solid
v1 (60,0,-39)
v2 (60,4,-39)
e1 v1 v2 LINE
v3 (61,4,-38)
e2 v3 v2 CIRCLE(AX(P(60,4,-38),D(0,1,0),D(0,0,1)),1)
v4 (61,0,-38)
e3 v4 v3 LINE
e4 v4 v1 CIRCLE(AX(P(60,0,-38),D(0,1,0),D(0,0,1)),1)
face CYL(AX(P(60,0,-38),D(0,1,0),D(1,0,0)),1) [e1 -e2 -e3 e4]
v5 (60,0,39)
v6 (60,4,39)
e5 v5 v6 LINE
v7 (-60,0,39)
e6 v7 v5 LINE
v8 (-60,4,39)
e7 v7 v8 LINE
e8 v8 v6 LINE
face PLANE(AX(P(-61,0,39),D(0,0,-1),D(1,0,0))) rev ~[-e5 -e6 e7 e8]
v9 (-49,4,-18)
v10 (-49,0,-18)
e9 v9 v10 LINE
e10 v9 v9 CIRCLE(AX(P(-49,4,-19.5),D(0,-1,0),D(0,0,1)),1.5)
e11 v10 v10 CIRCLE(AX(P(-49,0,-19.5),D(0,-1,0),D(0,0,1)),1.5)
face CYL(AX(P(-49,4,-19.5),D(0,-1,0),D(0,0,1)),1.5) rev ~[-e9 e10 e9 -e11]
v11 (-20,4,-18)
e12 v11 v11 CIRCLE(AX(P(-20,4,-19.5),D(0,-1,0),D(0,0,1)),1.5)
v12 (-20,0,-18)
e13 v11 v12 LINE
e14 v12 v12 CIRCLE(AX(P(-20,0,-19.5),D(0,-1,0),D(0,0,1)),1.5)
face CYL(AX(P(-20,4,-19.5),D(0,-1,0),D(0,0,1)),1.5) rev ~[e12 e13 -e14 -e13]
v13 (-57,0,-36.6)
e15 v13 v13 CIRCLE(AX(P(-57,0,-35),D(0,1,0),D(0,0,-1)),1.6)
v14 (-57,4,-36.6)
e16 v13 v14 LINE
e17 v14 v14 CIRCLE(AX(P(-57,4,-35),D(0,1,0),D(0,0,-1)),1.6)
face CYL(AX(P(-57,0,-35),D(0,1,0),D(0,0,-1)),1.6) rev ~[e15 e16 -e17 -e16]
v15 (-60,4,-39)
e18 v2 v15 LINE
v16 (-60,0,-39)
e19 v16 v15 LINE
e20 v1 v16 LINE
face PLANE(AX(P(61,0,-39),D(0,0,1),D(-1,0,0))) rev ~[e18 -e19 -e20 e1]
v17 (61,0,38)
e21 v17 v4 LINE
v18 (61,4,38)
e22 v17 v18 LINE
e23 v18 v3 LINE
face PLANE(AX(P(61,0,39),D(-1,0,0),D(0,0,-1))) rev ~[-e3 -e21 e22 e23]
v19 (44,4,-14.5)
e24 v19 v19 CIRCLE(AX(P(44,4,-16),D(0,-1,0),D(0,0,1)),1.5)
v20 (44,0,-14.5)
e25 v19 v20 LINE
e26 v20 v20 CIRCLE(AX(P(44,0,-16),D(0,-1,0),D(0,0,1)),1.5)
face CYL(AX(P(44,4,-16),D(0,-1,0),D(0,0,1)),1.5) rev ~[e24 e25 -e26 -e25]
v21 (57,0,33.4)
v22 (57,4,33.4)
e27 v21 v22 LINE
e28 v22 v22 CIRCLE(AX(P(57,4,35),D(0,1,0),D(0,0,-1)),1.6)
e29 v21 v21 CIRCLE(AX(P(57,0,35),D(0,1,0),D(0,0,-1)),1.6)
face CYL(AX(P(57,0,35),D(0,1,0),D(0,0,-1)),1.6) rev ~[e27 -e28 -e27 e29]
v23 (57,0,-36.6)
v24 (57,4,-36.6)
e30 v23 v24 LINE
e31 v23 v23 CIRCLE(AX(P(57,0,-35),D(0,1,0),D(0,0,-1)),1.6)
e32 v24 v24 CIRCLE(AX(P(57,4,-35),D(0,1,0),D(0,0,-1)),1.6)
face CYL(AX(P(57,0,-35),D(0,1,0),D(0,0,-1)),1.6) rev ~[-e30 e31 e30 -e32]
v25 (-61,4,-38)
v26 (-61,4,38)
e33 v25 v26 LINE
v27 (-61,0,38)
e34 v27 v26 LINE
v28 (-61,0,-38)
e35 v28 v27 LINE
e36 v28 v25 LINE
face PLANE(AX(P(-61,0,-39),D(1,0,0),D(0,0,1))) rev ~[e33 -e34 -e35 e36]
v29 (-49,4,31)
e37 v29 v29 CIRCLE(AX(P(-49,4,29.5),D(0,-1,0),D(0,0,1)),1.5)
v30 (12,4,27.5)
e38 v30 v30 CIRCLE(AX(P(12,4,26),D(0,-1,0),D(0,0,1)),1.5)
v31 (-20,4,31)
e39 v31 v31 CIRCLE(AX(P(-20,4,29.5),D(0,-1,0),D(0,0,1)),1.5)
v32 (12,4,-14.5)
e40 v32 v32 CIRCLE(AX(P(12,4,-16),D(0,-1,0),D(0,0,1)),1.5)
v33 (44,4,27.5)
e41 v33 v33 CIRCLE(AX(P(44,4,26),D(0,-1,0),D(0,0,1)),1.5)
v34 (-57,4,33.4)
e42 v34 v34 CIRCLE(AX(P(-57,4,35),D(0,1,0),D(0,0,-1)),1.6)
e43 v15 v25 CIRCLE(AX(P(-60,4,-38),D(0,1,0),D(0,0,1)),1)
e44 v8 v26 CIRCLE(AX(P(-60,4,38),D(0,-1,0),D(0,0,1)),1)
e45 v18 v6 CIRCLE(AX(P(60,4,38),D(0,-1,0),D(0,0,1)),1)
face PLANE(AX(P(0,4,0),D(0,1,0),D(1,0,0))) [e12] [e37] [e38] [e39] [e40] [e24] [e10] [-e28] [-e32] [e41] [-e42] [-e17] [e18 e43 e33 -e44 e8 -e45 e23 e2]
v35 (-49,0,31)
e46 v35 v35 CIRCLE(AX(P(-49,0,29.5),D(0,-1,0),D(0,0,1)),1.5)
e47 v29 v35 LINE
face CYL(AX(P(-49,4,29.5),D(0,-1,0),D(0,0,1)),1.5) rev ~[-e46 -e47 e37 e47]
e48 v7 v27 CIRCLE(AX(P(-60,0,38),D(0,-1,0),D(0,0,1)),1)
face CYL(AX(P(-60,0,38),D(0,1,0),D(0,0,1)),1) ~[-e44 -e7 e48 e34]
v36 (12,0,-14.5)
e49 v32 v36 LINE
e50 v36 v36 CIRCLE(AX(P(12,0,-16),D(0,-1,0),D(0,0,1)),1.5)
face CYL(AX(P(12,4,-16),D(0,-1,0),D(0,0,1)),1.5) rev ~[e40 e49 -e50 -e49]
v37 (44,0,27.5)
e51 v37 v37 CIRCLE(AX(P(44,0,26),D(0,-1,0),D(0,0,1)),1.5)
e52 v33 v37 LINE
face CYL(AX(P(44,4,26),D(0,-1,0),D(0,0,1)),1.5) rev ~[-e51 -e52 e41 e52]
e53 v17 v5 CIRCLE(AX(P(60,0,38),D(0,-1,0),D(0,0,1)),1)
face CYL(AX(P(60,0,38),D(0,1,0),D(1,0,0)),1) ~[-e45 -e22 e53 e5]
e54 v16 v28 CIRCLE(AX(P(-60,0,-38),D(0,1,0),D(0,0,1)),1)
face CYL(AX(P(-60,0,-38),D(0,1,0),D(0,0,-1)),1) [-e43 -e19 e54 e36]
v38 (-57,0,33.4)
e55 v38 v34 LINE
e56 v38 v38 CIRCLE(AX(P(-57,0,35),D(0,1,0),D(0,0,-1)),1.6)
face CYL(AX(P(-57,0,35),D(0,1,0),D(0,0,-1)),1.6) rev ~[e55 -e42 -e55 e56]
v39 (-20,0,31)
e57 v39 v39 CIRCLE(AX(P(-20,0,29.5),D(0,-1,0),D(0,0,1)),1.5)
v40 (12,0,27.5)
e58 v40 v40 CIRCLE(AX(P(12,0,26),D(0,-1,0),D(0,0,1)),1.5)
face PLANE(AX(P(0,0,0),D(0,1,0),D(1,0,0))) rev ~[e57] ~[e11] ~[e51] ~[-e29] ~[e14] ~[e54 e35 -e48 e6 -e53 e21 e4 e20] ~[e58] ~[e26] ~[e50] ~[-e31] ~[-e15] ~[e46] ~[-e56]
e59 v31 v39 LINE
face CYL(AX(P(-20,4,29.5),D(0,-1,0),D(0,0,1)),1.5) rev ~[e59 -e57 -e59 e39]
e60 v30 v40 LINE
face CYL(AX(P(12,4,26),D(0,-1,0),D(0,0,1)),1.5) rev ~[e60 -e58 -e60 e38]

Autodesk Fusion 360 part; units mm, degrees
sketch "スケッチ1" plane through (0, 0, 0) normal (0, 1, 0) x (1, 0, 0)
  line L0 (57, 35) -> (-57, 35)
  line L1 (-57, 35) -> (-57, -35)
  line L2 (-57, -35) -> (57, -35)
  line L3 (57, -35) -> (57, 35)
  line L4 (57, 35) -> (-57, -35) construction
  line L5 (-57, 35) -> (57, -35) construction
  line L6 (61, 39) -> (-61, 39)
  line L7 (-61, 39) -> (-61, -39)
  line L8 (-61, -39) -> (61, -39)
  line L9 (61, -39) -> (61, 39)
  line L10 (61, 39) -> (-61, -39) construction
  line L11 (-61, 39) -> (61, -39) construction
  dimension "d9" = 114
  dimension "d10" = 70
  dimension "d11" = 78
  dimension "d12" = 122
extrude "押し出し1" add sketch "スケッチ1" along normal blind 4 contours L0 L1 L2 L3 | L6 L7 L8 L9
hole "穴1" at (-57, 0, -35) at (-57, 0, 35) at (57, 0, 35) at (57, 0, -35) direction (0, 1, 0) diameter 3.2 end through all
sketch "スケッチ2" plane through (0, 4, 0) normal (0, 1, 0) x (-1, 0, 0)
  circle A0 centre (-57, 35) radius 1.6
  circle A1 centre (57, -35) radius 1.6
  circle A2 centre (57, 35) radius 1.6
  circle A3 centre (-57, -35) radius 1.6
  line L0 (-61, 39) -> (-61, -39)
  line L1 (-61, -39) -> (61, -39)
  line L2 (61, -39) -> (61, 39)
  line L3 (61, 39) -> (-61, 39)
  line L4 (49, -19.5) -> (20, -19.5)
  line L5 (20, -19.5) -> (20, 29.5)
  line L6 (20, 29.5) -> (49, 29.5)
  line L7 (49, 29.5) -> (49, -19.5)
  line L8 (-12, -16) -> (-12, 26)
  line L9 (-44, -16) -> (-44, 26)
  point P0 (-12, 5)
  point P1 (-44, 5)
  point P2 (20, 5)
  dimension "d13" = 29
  dimension "d14" = 49
  dimension "d15" = 12
  dimension "d16" = 42
  dimension "d17" = 42
  dimension "d18" = 32
  dimension "d19" = 17
  dimension "d25" = 5
hole "穴2" at (-49, 4, -19.5) at (-49, 4, 29.5) at (-20, 4, 29.5) at (-20, 4, -19.5) at (44, 4, -16) at (44, 4, 26) at (12, 4, -16) at (12, 4, 26) direction (0, -1, 0) diameter 3 end through all
fillet "フィレット1" radius 1 4 edges at (61, 2, 39) (61, 2, -39) (-61, 2, 39) (-61, 2, -39)
